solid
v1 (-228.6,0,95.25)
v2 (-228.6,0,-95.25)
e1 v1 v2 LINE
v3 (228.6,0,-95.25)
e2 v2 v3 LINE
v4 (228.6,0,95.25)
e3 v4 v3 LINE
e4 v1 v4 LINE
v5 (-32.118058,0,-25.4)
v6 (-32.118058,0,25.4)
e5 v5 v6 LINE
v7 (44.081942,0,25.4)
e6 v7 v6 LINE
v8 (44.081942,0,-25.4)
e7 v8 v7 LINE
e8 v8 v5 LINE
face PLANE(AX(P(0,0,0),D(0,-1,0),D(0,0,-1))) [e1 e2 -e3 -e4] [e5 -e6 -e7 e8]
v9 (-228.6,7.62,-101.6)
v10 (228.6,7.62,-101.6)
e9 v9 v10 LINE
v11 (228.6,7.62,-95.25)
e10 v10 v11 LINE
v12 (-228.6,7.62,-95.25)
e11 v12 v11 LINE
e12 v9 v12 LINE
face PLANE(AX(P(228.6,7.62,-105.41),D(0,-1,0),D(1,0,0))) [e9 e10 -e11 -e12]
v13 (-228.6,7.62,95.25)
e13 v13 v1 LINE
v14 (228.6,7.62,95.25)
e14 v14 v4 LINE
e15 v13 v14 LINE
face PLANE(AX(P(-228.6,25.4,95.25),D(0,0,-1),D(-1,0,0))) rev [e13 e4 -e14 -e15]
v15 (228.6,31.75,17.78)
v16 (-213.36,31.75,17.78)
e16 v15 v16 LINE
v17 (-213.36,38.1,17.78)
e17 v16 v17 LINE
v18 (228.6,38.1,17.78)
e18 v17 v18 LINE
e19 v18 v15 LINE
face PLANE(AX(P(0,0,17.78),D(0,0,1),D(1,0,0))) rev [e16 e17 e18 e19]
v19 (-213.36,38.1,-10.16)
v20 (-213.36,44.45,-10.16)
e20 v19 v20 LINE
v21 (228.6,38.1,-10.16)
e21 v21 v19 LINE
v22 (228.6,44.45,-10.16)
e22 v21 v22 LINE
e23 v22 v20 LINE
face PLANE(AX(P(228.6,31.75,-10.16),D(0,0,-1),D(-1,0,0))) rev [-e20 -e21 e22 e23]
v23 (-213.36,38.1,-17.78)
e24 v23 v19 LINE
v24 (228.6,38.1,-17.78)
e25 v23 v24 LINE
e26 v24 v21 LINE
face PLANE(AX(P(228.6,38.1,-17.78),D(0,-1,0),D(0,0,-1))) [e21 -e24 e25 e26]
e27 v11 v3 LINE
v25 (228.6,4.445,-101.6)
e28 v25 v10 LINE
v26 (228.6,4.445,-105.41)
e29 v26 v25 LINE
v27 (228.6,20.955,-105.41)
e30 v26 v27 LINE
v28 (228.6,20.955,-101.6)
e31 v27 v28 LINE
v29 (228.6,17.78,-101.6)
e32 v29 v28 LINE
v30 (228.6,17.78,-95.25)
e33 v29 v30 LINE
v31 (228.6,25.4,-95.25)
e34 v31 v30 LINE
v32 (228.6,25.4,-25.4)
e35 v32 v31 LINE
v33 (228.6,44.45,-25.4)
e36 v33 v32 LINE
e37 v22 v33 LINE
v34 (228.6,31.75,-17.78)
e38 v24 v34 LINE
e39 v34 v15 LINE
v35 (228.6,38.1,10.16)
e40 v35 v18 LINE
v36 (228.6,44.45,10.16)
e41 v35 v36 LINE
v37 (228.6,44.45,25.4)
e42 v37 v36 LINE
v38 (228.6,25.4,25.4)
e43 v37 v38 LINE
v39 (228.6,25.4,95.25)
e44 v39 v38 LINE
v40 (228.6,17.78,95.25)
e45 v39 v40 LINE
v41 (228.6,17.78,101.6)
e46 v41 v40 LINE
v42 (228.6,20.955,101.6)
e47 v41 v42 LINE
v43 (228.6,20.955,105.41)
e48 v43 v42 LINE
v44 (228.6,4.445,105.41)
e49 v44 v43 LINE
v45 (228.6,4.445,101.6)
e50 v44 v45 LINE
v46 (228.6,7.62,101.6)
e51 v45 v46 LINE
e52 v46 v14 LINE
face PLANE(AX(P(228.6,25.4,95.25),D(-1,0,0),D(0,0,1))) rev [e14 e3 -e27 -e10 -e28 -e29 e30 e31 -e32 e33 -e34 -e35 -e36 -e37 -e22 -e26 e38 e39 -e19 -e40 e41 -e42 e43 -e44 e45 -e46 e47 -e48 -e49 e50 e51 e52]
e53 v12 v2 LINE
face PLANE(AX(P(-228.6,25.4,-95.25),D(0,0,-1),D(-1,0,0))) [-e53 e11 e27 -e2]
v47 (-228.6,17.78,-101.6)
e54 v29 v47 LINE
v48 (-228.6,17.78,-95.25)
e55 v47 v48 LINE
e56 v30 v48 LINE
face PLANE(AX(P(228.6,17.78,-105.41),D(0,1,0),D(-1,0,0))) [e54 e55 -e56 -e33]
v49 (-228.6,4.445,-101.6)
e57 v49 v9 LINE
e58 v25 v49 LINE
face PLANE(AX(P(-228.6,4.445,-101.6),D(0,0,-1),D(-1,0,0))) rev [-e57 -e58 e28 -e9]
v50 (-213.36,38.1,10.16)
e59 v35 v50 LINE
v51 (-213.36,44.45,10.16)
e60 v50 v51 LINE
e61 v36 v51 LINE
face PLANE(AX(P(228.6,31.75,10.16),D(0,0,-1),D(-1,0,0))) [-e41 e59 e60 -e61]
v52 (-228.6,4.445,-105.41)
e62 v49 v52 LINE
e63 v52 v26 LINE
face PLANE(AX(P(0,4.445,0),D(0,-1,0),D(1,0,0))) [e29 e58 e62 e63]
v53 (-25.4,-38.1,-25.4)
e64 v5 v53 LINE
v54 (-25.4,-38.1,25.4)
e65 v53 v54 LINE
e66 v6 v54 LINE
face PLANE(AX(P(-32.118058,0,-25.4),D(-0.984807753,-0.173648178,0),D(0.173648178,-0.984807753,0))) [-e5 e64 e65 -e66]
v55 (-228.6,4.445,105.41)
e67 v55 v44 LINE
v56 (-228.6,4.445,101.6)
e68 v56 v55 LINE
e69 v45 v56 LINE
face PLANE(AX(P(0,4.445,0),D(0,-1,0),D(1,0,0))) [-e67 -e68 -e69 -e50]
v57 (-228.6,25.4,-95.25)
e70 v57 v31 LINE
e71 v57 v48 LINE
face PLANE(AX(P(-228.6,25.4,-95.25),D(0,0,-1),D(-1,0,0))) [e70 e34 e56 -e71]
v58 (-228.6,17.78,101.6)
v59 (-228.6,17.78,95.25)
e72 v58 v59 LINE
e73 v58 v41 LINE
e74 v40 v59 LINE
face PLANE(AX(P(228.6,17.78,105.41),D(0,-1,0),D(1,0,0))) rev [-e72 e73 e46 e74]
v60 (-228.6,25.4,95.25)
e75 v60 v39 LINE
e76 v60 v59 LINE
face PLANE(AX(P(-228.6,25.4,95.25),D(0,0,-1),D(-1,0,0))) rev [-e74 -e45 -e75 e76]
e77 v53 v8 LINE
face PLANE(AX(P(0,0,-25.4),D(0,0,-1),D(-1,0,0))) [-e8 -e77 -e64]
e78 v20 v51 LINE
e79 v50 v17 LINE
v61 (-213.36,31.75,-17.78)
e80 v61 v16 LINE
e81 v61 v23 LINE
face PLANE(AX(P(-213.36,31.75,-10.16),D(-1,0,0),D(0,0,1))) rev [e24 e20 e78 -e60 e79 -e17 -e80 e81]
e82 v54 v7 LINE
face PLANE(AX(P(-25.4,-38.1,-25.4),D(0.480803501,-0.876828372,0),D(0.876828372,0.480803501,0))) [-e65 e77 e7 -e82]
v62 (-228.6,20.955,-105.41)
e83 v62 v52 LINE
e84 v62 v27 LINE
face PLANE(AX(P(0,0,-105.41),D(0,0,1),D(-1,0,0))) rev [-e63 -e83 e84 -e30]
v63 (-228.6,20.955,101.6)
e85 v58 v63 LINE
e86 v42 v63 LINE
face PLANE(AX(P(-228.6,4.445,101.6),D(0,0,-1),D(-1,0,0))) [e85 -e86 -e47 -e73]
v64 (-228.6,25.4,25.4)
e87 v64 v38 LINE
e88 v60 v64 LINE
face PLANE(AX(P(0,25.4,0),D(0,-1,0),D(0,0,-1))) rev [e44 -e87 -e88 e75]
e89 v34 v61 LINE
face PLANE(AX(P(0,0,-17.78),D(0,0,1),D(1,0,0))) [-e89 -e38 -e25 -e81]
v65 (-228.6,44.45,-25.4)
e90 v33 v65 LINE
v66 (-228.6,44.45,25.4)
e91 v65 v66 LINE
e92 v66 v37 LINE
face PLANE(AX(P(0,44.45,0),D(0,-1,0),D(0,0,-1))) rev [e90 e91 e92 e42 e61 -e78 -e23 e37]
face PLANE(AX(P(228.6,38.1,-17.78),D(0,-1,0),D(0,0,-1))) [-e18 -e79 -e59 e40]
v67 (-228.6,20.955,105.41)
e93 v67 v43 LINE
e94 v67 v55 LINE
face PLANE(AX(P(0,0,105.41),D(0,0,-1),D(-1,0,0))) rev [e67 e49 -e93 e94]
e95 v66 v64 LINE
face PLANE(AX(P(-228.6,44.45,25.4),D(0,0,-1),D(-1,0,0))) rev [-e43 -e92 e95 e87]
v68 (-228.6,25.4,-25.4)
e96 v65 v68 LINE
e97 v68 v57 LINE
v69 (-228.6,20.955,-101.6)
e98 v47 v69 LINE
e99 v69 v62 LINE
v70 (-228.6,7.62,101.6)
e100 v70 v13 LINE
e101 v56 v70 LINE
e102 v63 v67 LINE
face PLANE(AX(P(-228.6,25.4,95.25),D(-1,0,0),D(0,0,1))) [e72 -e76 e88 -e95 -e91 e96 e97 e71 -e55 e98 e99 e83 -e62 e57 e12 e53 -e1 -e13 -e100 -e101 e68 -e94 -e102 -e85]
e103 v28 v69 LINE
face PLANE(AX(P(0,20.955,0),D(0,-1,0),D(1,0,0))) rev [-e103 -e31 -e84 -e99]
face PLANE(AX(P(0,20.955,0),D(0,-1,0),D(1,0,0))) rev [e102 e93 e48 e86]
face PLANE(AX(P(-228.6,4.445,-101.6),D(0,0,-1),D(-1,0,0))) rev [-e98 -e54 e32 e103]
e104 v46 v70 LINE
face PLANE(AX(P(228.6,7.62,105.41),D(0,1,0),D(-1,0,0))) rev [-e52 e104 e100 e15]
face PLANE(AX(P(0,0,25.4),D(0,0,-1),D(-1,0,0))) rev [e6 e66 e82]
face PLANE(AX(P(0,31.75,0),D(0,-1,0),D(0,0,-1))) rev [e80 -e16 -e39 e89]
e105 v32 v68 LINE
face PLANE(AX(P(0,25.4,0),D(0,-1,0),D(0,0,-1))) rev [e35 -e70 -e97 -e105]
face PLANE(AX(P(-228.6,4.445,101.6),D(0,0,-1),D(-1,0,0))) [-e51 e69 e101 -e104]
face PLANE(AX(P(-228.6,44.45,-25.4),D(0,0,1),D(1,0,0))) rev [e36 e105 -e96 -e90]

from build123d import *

# Parameters (mm, degrees)
SKETCH1_W                = 457.2
SKETCH1_H                = 190.5
BOSS_EXTRUDE1_DEPTH      = 25.4
SKETCH2_W                = 457.2
SKETCH2_H                = 10.16
BOSS_EXTRUDE2_DEPTH      = 10.16
BOSS_EXTRUDE3_START      = -13.335
SKETCH3_W                = 457.2
SKETCH3_H                = 3.81
BOSS_EXTRUDE3_DEPTH      = 16.51
SKETCH5_W                = 457.2
SKETCH5_H                = 50.8
BOSS_EXTRUDE4_DEPTH      = 19.05
SKETCH6_W                = 441.96
SKETCH6_H                = 20.32
CUT_EXTRUDE1_DEPTH       = 12.7
CUT_EXTRUDE2_DEPTH       = 27.94
CUT_EXTRUDE2_DEPTH_BACK  = 7.62
SKETCH7_W                = 441.96
SKETCH7_H                = 6.35
BOSS_EXTRUDE5_DEPTH      = 25.4
BOSS_EXTRUDE5_DEPTH_BACK = 25.4


with BuildPart() as part:
    # Sketch1 → Boss-Extrude1 (new body)
    with BuildSketch(Plane(origin=(0, 0, 0), x_dir=(1, 0, 0), z_dir=(0, 1, 0))):
        Rectangle(SKETCH1_W, SKETCH1_H)
    extrude(amount=BOSS_EXTRUDE1_DEPTH)

    # Sketch2 → Boss-Extrude2 (add)
    with BuildSketch(Plane.XY.offset(95.25)):
        with Locations((0, 12.7)):
            Rectangle(SKETCH2_W, SKETCH2_H)
    boss_extrude2 = extrude(amount=BOSS_EXTRUDE2_DEPTH)

    # Sketch3 → Boss-Extrude3 (add)
    with BuildSketch(Plane(origin=(0, 17.78, 0), x_dir=(1, 0, 0), z_dir=(0, 1, 0)).offset(BOSS_EXTRUDE3_START)):
        with Locations((0, -103.505)):
            Rectangle(SKETCH3_W, SKETCH3_H)
    boss_extrude3 = extrude(amount=BOSS_EXTRUDE3_DEPTH)

    # Mirror1: Boss-Extrude2, Boss-Extrude3 across plane
    add(boss_extrude2.mirror(Plane.XY))
    add(boss_extrude3.mirror(Plane.XY))

    # Sketch5 → Boss-Extrude4 (add)
    with BuildSketch(Plane(origin=(0, 25.4, 0), x_dir=(1, 0, 0), z_dir=(0, 1, 0))):
        Rectangle(SKETCH5_W, SKETCH5_H)
    extrude(amount=BOSS_EXTRUDE4_DEPTH)

    # Sketch6 → Cut-Extrude1 (cut)
    with BuildSketch(Plane(origin=(0, 44.45, 0), x_dir=(1, 0, 0), z_dir=(0, 1, 0))):
        with Locations((7.62, 0)):
            Rectangle(SKETCH6_W, SKETCH6_H)
    extrude(amount=-CUT_EXTRUDE1_DEPTH, mode=Mode.SUBTRACT)

    # Sketch7 → Cut-Extrude2 (cut, two sides: drawn at the far end of the back side and taken through both)
    with BuildSketch(Plane(origin=(0, 0, 10.16), x_dir=(-1, 0, 0), z_dir=(0, 0, -1)).offset(-CUT_EXTRUDE2_DEPTH_BACK)):
        with Locations((-7.62, 34.925)):
            Rectangle(SKETCH7_W, SKETCH7_H)
    extrude(amount=CUT_EXTRUDE2_DEPTH + CUT_EXTRUDE2_DEPTH_BACK, mode=Mode.SUBTRACT)

    # Sketch8 → Boss-Extrude5 (add, two sides: drawn at the far end of the back side and taken through both)
    with BuildSketch(Plane.XY.offset(-BOSS_EXTRUDE5_DEPTH_BACK)):
        Polygon((44.081942035, 0), (-32.118057965, 0), (-25.4, -38.1), align=None)
    extrude(amount=BOSS_EXTRUDE5_DEPTH + BOSS_EXTRUDE5_DEPTH_BACK)


solid = part.part
